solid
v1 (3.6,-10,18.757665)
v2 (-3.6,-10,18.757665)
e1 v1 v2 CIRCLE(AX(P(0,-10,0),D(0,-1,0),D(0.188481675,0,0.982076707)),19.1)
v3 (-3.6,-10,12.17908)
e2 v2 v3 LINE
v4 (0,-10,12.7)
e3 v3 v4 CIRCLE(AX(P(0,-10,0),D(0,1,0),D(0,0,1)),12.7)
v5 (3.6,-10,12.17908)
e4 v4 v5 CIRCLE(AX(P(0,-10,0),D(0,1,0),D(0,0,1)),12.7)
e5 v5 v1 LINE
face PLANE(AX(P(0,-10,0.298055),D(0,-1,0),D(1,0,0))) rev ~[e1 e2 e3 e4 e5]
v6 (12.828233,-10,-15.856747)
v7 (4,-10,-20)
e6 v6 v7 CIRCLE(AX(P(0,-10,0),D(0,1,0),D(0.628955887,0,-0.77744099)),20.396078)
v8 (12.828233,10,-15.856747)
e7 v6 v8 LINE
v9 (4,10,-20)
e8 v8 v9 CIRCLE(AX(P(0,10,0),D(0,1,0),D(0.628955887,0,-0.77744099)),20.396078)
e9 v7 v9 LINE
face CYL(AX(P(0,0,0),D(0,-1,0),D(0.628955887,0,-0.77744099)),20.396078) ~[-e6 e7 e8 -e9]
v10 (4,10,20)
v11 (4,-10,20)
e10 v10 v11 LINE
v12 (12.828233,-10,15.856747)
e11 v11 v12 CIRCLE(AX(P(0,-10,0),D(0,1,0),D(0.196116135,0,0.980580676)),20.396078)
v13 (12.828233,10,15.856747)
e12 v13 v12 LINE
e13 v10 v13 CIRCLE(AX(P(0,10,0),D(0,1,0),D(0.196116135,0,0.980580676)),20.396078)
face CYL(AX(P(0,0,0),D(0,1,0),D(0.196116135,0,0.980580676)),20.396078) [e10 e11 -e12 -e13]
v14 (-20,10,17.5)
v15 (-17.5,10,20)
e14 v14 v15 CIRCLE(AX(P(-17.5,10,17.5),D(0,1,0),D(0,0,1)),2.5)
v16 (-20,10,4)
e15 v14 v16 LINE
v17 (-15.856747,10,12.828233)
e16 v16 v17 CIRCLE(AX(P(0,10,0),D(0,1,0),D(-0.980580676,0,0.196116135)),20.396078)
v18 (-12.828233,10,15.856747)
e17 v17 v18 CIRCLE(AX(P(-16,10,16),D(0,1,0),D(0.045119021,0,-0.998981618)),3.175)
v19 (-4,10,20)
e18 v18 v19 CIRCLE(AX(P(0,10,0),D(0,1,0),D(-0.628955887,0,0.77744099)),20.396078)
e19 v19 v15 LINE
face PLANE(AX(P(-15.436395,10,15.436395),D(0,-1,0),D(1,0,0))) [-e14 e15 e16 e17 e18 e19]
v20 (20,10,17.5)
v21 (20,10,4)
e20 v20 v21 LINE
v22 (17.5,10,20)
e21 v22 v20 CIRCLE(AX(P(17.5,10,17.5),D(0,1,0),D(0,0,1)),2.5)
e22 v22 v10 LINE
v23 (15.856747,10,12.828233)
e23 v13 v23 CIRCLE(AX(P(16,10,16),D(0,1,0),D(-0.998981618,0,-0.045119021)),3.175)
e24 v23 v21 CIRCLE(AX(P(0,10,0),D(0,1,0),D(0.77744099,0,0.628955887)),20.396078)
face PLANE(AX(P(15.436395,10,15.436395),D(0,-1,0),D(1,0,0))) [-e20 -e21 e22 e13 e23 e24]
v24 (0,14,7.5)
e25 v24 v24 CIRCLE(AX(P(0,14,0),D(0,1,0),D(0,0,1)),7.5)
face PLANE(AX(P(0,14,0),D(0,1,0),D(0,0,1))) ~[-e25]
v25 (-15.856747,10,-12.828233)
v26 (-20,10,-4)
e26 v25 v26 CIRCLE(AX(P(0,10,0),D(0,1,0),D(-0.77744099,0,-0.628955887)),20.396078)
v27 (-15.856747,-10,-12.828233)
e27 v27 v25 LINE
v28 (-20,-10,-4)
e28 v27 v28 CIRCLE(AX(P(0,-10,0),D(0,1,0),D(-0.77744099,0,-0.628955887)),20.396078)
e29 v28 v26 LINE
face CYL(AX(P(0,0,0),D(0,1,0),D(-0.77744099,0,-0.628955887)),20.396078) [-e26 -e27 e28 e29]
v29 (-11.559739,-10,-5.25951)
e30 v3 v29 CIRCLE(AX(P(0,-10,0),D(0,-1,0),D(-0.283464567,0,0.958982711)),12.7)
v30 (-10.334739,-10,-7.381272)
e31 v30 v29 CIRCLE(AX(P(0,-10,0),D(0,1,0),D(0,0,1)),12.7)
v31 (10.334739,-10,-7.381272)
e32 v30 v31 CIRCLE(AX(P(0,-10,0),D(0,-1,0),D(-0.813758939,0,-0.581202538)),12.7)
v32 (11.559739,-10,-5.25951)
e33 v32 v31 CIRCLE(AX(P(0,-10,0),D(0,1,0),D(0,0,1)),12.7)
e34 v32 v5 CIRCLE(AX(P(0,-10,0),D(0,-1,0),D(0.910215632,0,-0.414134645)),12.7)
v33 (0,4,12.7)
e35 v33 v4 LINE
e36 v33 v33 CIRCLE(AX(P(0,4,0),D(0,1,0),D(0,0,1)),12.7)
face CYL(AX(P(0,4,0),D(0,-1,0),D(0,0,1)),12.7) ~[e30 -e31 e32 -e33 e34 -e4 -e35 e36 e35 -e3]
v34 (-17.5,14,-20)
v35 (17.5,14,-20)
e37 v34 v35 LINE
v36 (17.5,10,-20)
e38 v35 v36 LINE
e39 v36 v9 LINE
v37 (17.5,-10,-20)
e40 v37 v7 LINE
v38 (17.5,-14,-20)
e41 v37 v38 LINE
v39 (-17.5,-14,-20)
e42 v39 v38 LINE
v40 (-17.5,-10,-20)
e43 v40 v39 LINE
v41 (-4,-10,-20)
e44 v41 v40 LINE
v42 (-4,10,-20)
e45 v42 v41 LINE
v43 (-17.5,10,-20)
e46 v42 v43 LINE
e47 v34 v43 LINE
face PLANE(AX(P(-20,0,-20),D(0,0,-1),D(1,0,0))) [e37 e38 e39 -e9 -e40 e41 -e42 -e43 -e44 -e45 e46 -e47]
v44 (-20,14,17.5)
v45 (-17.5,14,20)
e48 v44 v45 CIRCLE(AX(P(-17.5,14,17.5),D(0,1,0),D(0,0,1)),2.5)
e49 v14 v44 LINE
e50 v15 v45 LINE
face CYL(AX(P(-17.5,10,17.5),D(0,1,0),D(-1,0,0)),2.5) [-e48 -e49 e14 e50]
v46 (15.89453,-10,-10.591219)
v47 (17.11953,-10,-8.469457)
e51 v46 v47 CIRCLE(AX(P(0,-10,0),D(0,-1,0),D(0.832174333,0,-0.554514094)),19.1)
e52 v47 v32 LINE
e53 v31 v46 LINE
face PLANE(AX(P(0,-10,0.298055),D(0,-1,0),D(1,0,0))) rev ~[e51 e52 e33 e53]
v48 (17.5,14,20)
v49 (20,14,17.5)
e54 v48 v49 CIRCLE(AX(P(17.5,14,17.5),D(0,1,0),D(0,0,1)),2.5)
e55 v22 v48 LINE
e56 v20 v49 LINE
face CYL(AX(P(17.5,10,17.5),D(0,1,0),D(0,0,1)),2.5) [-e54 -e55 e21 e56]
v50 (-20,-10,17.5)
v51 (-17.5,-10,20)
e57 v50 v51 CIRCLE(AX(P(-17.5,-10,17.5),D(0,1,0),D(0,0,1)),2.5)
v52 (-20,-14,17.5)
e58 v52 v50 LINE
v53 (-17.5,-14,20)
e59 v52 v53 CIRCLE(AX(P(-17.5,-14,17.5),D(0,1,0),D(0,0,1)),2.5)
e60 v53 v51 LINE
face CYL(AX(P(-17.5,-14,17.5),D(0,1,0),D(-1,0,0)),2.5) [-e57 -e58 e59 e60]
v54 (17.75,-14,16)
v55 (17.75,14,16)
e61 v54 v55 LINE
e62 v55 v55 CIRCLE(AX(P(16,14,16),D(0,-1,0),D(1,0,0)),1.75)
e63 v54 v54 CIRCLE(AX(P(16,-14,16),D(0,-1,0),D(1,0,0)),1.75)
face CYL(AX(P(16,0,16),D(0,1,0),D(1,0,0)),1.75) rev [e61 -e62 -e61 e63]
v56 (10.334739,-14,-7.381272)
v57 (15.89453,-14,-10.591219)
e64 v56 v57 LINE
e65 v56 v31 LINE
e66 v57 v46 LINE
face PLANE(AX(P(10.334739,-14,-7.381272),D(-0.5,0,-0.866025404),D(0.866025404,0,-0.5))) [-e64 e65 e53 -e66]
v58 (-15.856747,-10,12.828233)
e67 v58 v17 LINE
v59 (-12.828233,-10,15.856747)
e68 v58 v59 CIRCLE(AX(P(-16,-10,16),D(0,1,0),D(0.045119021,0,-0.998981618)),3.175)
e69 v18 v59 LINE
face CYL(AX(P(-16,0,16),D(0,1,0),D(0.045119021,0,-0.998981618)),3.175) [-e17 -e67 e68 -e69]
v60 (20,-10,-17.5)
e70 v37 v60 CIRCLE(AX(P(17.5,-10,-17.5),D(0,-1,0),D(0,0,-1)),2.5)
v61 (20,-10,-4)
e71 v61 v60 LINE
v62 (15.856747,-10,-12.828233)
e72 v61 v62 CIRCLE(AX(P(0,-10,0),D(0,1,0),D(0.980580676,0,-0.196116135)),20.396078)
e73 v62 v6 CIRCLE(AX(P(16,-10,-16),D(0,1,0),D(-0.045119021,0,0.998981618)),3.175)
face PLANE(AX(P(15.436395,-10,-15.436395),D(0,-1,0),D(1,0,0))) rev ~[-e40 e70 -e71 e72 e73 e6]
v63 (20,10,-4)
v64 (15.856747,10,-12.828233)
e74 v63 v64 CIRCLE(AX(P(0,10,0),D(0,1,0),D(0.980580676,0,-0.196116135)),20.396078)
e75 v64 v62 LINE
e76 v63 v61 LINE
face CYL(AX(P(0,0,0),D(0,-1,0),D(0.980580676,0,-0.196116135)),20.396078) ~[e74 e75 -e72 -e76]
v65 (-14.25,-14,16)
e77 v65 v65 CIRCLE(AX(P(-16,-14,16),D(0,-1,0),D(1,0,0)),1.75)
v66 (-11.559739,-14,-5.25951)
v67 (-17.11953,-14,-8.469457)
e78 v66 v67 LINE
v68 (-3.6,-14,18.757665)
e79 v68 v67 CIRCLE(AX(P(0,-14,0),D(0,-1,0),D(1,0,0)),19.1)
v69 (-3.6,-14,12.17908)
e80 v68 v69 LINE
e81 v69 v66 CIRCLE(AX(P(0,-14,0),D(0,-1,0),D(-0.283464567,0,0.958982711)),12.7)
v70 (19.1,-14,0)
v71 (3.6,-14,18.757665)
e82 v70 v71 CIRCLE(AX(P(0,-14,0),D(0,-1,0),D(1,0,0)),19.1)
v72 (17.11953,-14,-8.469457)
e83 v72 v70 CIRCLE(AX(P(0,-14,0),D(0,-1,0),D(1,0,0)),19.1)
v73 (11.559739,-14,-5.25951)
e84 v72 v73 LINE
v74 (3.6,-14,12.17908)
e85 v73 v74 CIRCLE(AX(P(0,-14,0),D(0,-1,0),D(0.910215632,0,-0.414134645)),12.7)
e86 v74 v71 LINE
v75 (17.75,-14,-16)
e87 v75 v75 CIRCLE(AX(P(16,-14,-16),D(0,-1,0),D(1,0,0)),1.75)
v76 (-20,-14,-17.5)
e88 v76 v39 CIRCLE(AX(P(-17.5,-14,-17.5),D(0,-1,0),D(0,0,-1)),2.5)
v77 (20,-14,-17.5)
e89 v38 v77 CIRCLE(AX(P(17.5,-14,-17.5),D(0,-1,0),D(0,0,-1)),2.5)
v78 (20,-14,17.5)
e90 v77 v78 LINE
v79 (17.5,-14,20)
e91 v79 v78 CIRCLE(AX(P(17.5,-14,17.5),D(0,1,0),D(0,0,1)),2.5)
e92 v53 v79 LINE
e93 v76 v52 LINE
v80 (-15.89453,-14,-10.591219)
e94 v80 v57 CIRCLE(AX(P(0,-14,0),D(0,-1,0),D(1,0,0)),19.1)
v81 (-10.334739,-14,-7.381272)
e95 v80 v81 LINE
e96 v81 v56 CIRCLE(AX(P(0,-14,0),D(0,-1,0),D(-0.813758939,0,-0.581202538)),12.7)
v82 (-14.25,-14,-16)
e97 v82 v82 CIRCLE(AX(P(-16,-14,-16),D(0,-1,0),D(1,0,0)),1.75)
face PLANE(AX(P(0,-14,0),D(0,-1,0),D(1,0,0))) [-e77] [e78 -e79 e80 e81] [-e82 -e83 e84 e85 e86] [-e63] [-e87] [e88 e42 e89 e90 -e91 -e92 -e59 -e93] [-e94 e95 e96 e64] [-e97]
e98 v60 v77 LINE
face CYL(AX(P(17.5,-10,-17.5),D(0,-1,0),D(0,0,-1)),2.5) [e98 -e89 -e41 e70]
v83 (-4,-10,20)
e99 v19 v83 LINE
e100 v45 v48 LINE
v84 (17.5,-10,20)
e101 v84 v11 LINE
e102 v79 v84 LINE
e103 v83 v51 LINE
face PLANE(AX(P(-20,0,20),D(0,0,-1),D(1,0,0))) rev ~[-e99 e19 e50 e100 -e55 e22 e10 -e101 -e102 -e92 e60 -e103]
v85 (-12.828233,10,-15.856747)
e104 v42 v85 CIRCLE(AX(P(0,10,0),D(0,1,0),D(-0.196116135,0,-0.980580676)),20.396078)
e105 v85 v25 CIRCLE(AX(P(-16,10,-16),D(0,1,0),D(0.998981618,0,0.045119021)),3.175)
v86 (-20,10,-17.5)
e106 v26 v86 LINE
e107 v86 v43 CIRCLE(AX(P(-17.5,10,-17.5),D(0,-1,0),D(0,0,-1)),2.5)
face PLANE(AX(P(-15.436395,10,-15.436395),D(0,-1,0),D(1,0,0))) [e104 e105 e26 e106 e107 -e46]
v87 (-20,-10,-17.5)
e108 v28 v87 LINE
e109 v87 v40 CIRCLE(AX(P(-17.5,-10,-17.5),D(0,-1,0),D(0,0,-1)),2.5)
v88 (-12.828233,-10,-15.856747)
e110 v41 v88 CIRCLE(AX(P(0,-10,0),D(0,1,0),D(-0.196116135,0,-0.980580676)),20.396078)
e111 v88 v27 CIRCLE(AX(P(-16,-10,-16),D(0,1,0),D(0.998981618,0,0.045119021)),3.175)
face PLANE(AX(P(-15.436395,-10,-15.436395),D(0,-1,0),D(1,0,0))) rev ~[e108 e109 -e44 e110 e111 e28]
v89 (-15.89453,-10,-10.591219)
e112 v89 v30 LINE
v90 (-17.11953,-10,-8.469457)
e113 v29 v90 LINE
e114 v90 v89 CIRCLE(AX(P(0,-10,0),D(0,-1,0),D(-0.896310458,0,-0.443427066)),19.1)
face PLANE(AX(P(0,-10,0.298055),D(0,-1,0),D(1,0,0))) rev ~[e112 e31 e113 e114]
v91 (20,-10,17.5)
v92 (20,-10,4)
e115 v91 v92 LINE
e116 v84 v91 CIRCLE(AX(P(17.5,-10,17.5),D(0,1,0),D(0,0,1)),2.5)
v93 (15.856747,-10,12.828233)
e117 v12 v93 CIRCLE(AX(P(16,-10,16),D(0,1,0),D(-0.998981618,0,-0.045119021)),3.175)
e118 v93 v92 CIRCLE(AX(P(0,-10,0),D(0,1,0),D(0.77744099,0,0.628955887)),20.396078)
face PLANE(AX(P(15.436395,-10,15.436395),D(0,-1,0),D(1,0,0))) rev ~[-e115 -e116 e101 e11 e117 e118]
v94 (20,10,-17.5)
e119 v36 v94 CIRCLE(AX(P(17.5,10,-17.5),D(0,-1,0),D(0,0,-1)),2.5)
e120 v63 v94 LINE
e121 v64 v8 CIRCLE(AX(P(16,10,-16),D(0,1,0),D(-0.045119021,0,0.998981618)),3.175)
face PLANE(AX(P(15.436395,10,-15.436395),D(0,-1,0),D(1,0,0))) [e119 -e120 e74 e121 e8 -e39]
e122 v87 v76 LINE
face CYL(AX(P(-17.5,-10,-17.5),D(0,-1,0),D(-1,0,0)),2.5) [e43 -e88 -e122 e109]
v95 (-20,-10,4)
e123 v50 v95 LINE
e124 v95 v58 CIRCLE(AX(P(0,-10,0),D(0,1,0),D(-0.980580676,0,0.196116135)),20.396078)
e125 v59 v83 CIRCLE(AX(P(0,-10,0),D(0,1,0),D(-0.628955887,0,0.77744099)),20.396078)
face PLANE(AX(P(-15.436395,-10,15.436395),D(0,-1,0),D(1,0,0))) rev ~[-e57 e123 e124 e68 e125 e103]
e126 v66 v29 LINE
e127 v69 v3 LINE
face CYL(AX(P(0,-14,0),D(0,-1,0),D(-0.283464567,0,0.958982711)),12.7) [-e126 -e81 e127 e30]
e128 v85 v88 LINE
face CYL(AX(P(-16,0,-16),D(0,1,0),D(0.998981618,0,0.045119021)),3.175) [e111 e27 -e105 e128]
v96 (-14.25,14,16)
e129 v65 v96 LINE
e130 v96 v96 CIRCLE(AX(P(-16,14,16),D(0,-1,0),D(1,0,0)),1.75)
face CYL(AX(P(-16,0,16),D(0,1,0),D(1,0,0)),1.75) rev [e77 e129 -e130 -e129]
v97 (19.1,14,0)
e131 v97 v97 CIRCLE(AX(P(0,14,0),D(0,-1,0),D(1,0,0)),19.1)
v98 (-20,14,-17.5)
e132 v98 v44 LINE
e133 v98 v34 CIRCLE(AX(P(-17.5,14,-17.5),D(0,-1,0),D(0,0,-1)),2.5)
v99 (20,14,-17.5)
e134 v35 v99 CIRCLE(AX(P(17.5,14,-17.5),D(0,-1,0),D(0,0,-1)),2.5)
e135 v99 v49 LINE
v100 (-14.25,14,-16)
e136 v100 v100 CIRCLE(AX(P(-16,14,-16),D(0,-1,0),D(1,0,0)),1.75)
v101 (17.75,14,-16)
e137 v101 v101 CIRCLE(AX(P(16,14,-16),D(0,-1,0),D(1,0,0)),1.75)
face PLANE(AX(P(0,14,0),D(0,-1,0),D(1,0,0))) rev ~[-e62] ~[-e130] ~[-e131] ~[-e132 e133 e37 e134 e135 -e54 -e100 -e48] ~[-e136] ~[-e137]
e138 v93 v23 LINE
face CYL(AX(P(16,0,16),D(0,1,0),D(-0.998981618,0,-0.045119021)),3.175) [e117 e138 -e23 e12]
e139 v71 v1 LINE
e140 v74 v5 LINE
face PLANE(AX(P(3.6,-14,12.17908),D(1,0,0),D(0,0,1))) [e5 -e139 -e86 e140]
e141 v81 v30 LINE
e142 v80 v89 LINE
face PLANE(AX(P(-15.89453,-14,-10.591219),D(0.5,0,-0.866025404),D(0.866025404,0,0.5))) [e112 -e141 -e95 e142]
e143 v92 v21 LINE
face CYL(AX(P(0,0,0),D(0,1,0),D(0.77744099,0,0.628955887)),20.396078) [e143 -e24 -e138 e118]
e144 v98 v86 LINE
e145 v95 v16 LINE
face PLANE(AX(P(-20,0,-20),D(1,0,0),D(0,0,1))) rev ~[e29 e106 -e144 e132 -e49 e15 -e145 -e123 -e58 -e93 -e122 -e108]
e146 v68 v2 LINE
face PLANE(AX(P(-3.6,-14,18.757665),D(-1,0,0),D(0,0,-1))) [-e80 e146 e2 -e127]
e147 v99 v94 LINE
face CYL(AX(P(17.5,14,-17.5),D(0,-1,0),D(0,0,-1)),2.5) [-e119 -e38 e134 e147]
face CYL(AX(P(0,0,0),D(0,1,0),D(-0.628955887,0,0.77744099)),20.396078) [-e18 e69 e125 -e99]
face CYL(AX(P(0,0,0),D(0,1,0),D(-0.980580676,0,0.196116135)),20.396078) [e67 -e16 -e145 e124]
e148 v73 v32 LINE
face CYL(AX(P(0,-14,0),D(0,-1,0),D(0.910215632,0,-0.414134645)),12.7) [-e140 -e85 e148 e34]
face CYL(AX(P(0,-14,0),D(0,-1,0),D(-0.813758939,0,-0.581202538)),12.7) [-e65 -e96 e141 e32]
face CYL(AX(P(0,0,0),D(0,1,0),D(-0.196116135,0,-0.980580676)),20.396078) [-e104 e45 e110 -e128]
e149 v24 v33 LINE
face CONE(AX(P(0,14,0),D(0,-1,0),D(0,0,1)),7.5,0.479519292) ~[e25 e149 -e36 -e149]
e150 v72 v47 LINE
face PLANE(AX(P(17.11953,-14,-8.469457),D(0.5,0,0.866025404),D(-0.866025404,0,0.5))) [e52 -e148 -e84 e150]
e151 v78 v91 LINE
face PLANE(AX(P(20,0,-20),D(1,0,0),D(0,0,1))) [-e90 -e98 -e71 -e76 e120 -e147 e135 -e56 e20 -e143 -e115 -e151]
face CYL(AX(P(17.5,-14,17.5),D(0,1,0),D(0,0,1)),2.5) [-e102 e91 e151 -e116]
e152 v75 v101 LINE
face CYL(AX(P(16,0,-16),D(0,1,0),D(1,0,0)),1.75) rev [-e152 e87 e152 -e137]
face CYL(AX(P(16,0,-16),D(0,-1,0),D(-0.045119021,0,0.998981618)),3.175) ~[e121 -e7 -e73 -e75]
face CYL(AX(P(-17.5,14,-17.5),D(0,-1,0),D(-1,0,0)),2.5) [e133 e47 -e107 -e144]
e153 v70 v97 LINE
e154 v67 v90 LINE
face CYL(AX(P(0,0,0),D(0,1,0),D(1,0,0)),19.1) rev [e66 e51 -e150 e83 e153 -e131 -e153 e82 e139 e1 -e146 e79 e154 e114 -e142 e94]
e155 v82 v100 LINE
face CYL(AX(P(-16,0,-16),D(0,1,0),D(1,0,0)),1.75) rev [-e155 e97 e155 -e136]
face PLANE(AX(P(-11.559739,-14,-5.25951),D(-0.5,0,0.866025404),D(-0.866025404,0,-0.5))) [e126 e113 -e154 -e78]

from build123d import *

# Parameters (mm, degrees)
F0_W     = 40
F0_H     = 40
F0_R     = 1.75
F0_R_2   = 19.1
F1_DEPTH = 14
F3_DEPTH = 10
F4_R     = 2.5
F6_DEPTH = 4


with BuildPart() as f1:
    # F0 (on Front) → F1 (new body, symmetric)
    with BuildSketch(Plane.XZ):
        Rectangle(F0_W, F0_H)
        with Locations((-16, -16)):
            Circle(F0_R, mode=Mode.SUBTRACT)
        with Locations((16, -16)):
            Circle(F0_R, mode=Mode.SUBTRACT)
        with Locations((-16, 16)):
            Circle(F0_R, mode=Mode.SUBTRACT)
        Circle(F0_R_2, mode=Mode.SUBTRACT)
        with Locations((16, 16)):
            Circle(F0_R, mode=Mode.SUBTRACT)
    extrude(amount=F1_DEPTH, both=True)

    # F2 (on Front) → F3 (cut, symmetric)
    with BuildSketch(Plane.XZ):
        with BuildLine():
            ThreePointArc((-15.8567471072, 12.8282333616), (-18.2450640303, 18.2450640303), (-12.8282333616, 15.8567471072))
            ThreePointArc((-12.8282333616, 15.8567471072), (-8.6653906808, 18.463775463), (-4, 20))
            Line((-4, 20), (-4, 20.3960780544))
            Line((-4, 20.3960780544), (-20.3960780544, 20.3960780544))
            Line((-20.3960780544, 20.3960780544), (-20.3960780544, 4))
            Line((-20.3960780544, 4), (-20, 4))
            ThreePointArc((-20, 4), (-18.463775463, 8.6653906808), (-15.8567471072, 12.8282333616))
        make_face()
        with BuildLine():
            Line((20.3960780544, 4), (20.3960780544, 20.3960780544))
            Line((20.3960780544, 20.3960780544), (4, 20.3960780544))
            Line((4, 20.3960780544), (4, 20))
            ThreePointArc((4, 20), (8.6653906808, 18.463775463), (12.8282333616, 15.8567471072))
            ThreePointArc((12.8282333616, 15.8567471072), (18.2450640303, 18.2450640303), (15.8567471072, 12.8282333616))
            ThreePointArc((15.8567471072, 12.8282333616), (18.463775463, 8.6653906808), (20, 4))
            Line((20, 4), (20.3960780544, 4))
        make_face()
        with BuildLine():
            Line((-20.3960780544, -4), (-20.3960780544, -20.3960780544))
            Line((-20.3960780544, -20.3960780544), (-4, -20.3960780544))
            Line((-4, -20.3960780544), (-4, -20))
            ThreePointArc((-4, -20), (-8.6653906808, -18.463775463), (-12.8282333616, -15.8567471072))
            ThreePointArc((-12.8282333616, -15.8567471072), (-18.2450640303, -18.2450640303), (-15.8567471072, -12.8282333616))
            ThreePointArc((-15.8567471072, -12.8282333616), (-18.463775463, -8.6653906808), (-20, -4))
            Line((-20, -4), (-20.3960780544, -4))
        make_face()
        with BuildLine():
            Line((4, -20.3960780544), (20.3960780544, -20.3960780544))
            Line((20.3960780544, -20.3960780544), (20.3960780544, -4))
            Line((20.3960780544, -4), (20, -4))
            ThreePointArc((20, -4), (18.463775463, -8.6653906808), (15.8567471072, -12.8282333616))
            ThreePointArc((15.8567471072, -12.8282333616), (18.2450640303, -18.2450640303), (12.8282333616, -15.8567471072))
            ThreePointArc((12.8282333616, -15.8567471072), (8.6653906808, -18.463775463), (4, -20))
            Line((4, -20), (4, -20.3960780544))
        make_face()
    extrude(amount=F3_DEPTH, both=True, mode=Mode.SUBTRACT)

    # F4
    f4_edges = [f1.edges().sort_by_distance(p)[0] for p in [
        (20, -12, 20),
        (20, 12, 20),
        (20, -12, -20),
        (20, 12, -20),
        (-20, -12, 20),
        (-20, 12, 20),
        (-20, 12, -20),
        (-20, -12, -20),
    ]]
    fillet(f4_edges, radius=F4_R)

    # F5 (on face) → F6 (join)
    with BuildSketch(Plane.XZ.offset(14)):
        with BuildLine():
            Line((-3.6, 18.7576650999), (-3.6, 12.1790804251))
            ThreePointArc((-3.6, 12.1790804251), (-11.5533772944, 5.2734687913), (-11.5597385217, -5.2595099877))
            Line((-11.5597385217, -5.2595099877), (-17.1195297525, -8.4694569515))
            ThreePointArc((-17.1195297525, -8.4694569515), (-16.5410852123, -9.55), (-15.8945297525, -10.5912191908))
            Line((-15.8945297525, -10.5912191908), (-10.3347385217, -7.381272227))
            ThreePointArc((-10.3347385217, -7.381272227), (0, -12.7), (10.3347385217, -7.381272227))
            Line((10.3347385217, -7.381272227), (15.8945297525, -10.5912191908))
            ThreePointArc((15.8945297525, -10.5912191908), (16.5410852123, -9.55), (17.1195297525, -8.4694569515))
            Line((17.1195297525, -8.4694569515), (11.5597385217, -5.2595099877))
            ThreePointArc((11.5597385217, -5.2595099877), (11.5533772944, 5.2734687913), (3.6, 12.1790804251))
            Line((3.6, 12.1790804251), (3.6, 18.7576650999))
            ThreePointArc((3.6, 18.7576650999), (0, 19.1), (-3.6, 18.7576650999))
        make_face()
    extrude(amount=-F6_DEPTH)

    # F7 (on Right) → F8 (revolve)
    with BuildSketch(Plane.YZ):
        Polygon((-10, 0), (14, 0), (14, 7.5), (4, 12.7), (-10, 12.7), align=None)
    revolve(axis=Axis((0, 1.2222109362, 0), (0, 1, 0)))


solid = f1.part
